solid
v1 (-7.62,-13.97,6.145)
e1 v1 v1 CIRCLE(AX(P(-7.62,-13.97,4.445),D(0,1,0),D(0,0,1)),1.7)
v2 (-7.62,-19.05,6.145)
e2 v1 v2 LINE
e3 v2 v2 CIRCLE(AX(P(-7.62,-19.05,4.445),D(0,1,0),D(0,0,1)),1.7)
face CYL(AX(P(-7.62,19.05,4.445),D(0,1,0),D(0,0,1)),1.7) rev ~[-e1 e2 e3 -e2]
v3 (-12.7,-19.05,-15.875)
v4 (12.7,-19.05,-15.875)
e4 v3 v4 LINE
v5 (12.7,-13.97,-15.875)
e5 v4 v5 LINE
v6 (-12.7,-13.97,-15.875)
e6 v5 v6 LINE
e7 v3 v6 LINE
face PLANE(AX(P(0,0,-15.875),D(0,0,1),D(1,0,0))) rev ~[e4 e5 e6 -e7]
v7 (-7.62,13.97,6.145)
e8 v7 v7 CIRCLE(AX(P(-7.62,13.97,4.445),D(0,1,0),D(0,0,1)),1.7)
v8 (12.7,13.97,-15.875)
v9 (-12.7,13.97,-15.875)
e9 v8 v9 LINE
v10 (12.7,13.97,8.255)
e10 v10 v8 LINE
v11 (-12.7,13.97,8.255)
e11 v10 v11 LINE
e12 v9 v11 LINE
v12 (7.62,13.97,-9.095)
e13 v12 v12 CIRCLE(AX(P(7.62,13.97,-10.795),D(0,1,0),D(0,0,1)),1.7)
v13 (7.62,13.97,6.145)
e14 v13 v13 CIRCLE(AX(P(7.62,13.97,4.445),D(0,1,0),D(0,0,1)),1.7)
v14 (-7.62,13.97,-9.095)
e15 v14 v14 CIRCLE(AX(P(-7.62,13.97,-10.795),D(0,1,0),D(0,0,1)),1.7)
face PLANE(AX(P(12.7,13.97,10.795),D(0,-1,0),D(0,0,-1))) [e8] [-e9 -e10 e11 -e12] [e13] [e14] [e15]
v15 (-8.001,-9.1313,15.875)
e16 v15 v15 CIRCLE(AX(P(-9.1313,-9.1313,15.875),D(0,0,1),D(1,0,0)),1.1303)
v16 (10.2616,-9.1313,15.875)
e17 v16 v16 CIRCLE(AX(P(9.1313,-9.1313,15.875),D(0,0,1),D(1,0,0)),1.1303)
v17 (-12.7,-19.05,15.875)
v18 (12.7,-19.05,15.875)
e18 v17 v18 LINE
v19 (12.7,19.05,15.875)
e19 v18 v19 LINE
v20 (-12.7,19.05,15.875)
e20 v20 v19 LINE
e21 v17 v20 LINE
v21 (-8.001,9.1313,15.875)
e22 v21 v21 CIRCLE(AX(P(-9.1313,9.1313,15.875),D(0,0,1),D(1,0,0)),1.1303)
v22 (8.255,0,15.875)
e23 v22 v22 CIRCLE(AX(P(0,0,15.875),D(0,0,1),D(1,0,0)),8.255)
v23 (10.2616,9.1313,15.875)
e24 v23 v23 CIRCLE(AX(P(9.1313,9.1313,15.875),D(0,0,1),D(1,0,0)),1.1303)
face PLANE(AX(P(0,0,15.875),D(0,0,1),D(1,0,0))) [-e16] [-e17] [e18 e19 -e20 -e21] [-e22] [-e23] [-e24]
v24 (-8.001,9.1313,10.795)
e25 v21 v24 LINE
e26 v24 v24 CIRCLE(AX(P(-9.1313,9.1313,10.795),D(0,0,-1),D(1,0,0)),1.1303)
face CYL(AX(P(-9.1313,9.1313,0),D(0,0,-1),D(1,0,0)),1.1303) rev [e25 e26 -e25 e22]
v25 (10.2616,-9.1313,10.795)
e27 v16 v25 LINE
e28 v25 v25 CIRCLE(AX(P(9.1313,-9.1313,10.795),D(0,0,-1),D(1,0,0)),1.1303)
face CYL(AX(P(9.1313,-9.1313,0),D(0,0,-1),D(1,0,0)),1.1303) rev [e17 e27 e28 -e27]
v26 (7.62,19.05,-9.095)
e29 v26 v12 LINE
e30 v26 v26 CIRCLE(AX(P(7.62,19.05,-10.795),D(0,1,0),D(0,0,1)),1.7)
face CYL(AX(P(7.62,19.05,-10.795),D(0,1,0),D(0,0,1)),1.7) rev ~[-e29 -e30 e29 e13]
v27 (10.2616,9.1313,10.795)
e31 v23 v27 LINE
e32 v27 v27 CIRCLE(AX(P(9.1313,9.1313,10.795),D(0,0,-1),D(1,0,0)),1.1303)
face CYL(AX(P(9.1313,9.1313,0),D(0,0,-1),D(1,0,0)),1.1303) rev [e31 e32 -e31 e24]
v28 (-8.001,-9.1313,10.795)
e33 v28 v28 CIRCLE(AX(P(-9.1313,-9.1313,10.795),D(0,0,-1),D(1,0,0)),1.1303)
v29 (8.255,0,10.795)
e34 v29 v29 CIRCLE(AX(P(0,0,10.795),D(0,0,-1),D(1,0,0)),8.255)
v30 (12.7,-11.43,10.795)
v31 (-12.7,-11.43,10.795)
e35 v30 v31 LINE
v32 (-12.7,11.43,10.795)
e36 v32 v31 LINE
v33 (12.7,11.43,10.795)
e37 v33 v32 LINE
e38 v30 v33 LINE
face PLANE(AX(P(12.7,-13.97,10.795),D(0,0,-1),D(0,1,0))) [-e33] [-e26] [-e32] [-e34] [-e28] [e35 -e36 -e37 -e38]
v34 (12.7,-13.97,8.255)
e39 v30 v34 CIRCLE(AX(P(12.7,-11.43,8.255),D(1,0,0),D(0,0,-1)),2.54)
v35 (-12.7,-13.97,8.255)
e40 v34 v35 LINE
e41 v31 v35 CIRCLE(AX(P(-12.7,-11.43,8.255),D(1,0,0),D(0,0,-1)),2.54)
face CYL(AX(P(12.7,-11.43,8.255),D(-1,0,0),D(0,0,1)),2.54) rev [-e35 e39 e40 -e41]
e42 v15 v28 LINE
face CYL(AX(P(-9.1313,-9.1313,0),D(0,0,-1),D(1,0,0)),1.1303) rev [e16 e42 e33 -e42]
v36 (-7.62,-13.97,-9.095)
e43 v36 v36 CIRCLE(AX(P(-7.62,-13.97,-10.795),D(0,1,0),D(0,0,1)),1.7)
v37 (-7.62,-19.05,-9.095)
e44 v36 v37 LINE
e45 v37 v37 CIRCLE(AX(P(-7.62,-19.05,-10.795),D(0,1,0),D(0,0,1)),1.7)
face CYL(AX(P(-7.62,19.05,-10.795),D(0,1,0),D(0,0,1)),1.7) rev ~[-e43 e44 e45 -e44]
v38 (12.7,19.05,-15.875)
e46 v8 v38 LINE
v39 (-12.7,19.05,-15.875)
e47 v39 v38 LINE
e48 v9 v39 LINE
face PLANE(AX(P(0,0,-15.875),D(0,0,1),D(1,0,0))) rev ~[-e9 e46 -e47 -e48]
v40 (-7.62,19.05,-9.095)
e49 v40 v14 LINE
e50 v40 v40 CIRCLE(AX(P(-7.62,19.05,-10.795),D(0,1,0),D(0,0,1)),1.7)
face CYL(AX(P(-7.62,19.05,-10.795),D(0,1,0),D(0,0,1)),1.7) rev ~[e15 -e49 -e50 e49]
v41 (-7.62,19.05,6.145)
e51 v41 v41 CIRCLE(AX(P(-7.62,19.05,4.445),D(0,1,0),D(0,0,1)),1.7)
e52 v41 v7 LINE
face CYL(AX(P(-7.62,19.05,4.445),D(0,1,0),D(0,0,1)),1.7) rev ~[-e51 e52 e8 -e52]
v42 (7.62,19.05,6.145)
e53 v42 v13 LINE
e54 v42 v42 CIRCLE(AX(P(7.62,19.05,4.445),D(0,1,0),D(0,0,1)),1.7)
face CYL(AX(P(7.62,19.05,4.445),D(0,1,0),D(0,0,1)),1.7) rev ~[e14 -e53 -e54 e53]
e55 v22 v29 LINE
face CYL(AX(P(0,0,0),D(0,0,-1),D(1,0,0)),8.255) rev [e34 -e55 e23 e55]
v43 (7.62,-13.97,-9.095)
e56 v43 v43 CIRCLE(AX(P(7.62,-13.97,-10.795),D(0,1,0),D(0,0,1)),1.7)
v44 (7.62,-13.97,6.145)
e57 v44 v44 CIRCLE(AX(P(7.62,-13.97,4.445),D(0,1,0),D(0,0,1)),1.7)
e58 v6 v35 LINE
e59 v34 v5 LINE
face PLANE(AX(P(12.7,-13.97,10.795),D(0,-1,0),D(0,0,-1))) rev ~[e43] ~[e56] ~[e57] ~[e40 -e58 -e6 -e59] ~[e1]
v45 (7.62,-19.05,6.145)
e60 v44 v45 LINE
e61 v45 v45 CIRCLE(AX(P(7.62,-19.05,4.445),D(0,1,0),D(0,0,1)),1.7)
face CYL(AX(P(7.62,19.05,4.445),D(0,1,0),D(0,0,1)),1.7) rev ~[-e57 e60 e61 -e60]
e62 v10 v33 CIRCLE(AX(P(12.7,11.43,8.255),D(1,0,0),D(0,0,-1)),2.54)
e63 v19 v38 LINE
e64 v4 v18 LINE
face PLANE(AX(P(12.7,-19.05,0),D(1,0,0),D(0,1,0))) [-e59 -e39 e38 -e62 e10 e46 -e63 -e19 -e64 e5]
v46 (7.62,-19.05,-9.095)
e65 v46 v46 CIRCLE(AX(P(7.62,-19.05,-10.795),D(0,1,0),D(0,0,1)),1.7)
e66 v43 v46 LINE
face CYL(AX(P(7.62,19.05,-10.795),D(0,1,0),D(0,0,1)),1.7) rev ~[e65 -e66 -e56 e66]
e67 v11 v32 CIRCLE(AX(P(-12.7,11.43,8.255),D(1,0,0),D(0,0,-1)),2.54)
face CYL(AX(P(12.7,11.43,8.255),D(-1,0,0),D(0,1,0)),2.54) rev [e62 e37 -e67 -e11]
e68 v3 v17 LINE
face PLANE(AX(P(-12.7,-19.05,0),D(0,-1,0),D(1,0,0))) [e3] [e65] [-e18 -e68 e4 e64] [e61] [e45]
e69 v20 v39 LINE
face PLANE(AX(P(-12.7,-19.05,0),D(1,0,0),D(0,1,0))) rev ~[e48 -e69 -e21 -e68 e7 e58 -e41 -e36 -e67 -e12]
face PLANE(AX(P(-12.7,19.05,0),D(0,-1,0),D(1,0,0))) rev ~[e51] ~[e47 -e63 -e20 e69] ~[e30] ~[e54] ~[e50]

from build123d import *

# Parameters (mm, degrees)
SKETCH1_W               = 25.4
SKETCH1_H               = 38.1
SKETCH1_R               = 8.255
SKETCH1_R_2             = 1.1303
BOSS_EXTRUDE1_DEPTH     = 15.875
CUT_EXTRUDE1_REACH      = 37.498
SKETCH3_W               = 26.67
SKETCH3_H               = 27.94
FILLET1_R               = 2.54
SKETCH5_R               = 1.7
FRAME_MOUNT_HOLES_DEPTH = 44.184668865


with BuildPart() as part:
    # Sketch1 → Boss-Extrude1 (new, symmetric)
    with BuildSketch(Plane.XY):
        Rectangle(SKETCH1_W, SKETCH1_H)
        Circle(SKETCH1_R, mode=Mode.SUBTRACT)
        with Locations((-9.1313, 9.1313)):
            Circle(SKETCH1_R_2, mode=Mode.SUBTRACT)
        with Locations((9.1313, 9.1313)):
            Circle(SKETCH1_R_2, mode=Mode.SUBTRACT)
        with Locations((-9.1313, -9.1313)):
            Circle(SKETCH1_R_2, mode=Mode.SUBTRACT)
        with Locations((9.1313, -9.1313)):
            Circle(SKETCH1_R_2, mode=Mode.SUBTRACT)
    extrude(amount=BOSS_EXTRUDE1_DEPTH, both=True)

    # Sketch3 → Cut-Extrude1 (cut, up to next)
    with BuildSketch(Plane(origin=(12.7, 0, 0), x_dir=(0, 0, -1), z_dir=(1, 0, 0)), mode=Mode.PRIVATE) as cut_extrude1_sk1:
        with Locations((2.54, 0)):
            Rectangle(SKETCH3_W, SKETCH3_H)
    cut_extrude1_tool1 = extrude(cut_extrude1_sk1.sketch, amount=-CUT_EXTRUDE1_REACH, mode=Mode.PRIVATE) & part.part
    add(cut_extrude1_tool1.solids().sort_by_distance((12.7, 0, -2.54))[0], mode=Mode.SUBTRACT)

    # Fillet1
    fillet1_edges = [part.edges().sort_by_distance(p)[0] for p in [
        (0, -13.97, 10.795),
        (0, 13.97, 10.795),
    ]]
    fillet(fillet1_edges, radius=FILLET1_R)

    # Sketch5 → Frame Mount Holes (cut, through all)
    with BuildSketch(Plane(origin=(0, 19.05, 0), x_dir=(1, 0, 0), z_dir=(0, 1, 0))):
        with Locations(Location((-7.62, 10.795, 0), (0, 0, 270))):
            Circle(SKETCH5_R)
        with Locations(Location((-7.62, -4.445, 0), (0, 0, 270))):
            Circle(SKETCH5_R)
        with Locations(Location((7.62, -4.445, 0), (0, 0, 270))):
            Circle(SKETCH5_R)
        with Locations(Location((7.62, 10.795, 0), (0, 0, 270))):
            Circle(SKETCH5_R)
    extrude(amount=-FRAME_MOUNT_HOLES_DEPTH, mode=Mode.SUBTRACT)


solid = part.part
